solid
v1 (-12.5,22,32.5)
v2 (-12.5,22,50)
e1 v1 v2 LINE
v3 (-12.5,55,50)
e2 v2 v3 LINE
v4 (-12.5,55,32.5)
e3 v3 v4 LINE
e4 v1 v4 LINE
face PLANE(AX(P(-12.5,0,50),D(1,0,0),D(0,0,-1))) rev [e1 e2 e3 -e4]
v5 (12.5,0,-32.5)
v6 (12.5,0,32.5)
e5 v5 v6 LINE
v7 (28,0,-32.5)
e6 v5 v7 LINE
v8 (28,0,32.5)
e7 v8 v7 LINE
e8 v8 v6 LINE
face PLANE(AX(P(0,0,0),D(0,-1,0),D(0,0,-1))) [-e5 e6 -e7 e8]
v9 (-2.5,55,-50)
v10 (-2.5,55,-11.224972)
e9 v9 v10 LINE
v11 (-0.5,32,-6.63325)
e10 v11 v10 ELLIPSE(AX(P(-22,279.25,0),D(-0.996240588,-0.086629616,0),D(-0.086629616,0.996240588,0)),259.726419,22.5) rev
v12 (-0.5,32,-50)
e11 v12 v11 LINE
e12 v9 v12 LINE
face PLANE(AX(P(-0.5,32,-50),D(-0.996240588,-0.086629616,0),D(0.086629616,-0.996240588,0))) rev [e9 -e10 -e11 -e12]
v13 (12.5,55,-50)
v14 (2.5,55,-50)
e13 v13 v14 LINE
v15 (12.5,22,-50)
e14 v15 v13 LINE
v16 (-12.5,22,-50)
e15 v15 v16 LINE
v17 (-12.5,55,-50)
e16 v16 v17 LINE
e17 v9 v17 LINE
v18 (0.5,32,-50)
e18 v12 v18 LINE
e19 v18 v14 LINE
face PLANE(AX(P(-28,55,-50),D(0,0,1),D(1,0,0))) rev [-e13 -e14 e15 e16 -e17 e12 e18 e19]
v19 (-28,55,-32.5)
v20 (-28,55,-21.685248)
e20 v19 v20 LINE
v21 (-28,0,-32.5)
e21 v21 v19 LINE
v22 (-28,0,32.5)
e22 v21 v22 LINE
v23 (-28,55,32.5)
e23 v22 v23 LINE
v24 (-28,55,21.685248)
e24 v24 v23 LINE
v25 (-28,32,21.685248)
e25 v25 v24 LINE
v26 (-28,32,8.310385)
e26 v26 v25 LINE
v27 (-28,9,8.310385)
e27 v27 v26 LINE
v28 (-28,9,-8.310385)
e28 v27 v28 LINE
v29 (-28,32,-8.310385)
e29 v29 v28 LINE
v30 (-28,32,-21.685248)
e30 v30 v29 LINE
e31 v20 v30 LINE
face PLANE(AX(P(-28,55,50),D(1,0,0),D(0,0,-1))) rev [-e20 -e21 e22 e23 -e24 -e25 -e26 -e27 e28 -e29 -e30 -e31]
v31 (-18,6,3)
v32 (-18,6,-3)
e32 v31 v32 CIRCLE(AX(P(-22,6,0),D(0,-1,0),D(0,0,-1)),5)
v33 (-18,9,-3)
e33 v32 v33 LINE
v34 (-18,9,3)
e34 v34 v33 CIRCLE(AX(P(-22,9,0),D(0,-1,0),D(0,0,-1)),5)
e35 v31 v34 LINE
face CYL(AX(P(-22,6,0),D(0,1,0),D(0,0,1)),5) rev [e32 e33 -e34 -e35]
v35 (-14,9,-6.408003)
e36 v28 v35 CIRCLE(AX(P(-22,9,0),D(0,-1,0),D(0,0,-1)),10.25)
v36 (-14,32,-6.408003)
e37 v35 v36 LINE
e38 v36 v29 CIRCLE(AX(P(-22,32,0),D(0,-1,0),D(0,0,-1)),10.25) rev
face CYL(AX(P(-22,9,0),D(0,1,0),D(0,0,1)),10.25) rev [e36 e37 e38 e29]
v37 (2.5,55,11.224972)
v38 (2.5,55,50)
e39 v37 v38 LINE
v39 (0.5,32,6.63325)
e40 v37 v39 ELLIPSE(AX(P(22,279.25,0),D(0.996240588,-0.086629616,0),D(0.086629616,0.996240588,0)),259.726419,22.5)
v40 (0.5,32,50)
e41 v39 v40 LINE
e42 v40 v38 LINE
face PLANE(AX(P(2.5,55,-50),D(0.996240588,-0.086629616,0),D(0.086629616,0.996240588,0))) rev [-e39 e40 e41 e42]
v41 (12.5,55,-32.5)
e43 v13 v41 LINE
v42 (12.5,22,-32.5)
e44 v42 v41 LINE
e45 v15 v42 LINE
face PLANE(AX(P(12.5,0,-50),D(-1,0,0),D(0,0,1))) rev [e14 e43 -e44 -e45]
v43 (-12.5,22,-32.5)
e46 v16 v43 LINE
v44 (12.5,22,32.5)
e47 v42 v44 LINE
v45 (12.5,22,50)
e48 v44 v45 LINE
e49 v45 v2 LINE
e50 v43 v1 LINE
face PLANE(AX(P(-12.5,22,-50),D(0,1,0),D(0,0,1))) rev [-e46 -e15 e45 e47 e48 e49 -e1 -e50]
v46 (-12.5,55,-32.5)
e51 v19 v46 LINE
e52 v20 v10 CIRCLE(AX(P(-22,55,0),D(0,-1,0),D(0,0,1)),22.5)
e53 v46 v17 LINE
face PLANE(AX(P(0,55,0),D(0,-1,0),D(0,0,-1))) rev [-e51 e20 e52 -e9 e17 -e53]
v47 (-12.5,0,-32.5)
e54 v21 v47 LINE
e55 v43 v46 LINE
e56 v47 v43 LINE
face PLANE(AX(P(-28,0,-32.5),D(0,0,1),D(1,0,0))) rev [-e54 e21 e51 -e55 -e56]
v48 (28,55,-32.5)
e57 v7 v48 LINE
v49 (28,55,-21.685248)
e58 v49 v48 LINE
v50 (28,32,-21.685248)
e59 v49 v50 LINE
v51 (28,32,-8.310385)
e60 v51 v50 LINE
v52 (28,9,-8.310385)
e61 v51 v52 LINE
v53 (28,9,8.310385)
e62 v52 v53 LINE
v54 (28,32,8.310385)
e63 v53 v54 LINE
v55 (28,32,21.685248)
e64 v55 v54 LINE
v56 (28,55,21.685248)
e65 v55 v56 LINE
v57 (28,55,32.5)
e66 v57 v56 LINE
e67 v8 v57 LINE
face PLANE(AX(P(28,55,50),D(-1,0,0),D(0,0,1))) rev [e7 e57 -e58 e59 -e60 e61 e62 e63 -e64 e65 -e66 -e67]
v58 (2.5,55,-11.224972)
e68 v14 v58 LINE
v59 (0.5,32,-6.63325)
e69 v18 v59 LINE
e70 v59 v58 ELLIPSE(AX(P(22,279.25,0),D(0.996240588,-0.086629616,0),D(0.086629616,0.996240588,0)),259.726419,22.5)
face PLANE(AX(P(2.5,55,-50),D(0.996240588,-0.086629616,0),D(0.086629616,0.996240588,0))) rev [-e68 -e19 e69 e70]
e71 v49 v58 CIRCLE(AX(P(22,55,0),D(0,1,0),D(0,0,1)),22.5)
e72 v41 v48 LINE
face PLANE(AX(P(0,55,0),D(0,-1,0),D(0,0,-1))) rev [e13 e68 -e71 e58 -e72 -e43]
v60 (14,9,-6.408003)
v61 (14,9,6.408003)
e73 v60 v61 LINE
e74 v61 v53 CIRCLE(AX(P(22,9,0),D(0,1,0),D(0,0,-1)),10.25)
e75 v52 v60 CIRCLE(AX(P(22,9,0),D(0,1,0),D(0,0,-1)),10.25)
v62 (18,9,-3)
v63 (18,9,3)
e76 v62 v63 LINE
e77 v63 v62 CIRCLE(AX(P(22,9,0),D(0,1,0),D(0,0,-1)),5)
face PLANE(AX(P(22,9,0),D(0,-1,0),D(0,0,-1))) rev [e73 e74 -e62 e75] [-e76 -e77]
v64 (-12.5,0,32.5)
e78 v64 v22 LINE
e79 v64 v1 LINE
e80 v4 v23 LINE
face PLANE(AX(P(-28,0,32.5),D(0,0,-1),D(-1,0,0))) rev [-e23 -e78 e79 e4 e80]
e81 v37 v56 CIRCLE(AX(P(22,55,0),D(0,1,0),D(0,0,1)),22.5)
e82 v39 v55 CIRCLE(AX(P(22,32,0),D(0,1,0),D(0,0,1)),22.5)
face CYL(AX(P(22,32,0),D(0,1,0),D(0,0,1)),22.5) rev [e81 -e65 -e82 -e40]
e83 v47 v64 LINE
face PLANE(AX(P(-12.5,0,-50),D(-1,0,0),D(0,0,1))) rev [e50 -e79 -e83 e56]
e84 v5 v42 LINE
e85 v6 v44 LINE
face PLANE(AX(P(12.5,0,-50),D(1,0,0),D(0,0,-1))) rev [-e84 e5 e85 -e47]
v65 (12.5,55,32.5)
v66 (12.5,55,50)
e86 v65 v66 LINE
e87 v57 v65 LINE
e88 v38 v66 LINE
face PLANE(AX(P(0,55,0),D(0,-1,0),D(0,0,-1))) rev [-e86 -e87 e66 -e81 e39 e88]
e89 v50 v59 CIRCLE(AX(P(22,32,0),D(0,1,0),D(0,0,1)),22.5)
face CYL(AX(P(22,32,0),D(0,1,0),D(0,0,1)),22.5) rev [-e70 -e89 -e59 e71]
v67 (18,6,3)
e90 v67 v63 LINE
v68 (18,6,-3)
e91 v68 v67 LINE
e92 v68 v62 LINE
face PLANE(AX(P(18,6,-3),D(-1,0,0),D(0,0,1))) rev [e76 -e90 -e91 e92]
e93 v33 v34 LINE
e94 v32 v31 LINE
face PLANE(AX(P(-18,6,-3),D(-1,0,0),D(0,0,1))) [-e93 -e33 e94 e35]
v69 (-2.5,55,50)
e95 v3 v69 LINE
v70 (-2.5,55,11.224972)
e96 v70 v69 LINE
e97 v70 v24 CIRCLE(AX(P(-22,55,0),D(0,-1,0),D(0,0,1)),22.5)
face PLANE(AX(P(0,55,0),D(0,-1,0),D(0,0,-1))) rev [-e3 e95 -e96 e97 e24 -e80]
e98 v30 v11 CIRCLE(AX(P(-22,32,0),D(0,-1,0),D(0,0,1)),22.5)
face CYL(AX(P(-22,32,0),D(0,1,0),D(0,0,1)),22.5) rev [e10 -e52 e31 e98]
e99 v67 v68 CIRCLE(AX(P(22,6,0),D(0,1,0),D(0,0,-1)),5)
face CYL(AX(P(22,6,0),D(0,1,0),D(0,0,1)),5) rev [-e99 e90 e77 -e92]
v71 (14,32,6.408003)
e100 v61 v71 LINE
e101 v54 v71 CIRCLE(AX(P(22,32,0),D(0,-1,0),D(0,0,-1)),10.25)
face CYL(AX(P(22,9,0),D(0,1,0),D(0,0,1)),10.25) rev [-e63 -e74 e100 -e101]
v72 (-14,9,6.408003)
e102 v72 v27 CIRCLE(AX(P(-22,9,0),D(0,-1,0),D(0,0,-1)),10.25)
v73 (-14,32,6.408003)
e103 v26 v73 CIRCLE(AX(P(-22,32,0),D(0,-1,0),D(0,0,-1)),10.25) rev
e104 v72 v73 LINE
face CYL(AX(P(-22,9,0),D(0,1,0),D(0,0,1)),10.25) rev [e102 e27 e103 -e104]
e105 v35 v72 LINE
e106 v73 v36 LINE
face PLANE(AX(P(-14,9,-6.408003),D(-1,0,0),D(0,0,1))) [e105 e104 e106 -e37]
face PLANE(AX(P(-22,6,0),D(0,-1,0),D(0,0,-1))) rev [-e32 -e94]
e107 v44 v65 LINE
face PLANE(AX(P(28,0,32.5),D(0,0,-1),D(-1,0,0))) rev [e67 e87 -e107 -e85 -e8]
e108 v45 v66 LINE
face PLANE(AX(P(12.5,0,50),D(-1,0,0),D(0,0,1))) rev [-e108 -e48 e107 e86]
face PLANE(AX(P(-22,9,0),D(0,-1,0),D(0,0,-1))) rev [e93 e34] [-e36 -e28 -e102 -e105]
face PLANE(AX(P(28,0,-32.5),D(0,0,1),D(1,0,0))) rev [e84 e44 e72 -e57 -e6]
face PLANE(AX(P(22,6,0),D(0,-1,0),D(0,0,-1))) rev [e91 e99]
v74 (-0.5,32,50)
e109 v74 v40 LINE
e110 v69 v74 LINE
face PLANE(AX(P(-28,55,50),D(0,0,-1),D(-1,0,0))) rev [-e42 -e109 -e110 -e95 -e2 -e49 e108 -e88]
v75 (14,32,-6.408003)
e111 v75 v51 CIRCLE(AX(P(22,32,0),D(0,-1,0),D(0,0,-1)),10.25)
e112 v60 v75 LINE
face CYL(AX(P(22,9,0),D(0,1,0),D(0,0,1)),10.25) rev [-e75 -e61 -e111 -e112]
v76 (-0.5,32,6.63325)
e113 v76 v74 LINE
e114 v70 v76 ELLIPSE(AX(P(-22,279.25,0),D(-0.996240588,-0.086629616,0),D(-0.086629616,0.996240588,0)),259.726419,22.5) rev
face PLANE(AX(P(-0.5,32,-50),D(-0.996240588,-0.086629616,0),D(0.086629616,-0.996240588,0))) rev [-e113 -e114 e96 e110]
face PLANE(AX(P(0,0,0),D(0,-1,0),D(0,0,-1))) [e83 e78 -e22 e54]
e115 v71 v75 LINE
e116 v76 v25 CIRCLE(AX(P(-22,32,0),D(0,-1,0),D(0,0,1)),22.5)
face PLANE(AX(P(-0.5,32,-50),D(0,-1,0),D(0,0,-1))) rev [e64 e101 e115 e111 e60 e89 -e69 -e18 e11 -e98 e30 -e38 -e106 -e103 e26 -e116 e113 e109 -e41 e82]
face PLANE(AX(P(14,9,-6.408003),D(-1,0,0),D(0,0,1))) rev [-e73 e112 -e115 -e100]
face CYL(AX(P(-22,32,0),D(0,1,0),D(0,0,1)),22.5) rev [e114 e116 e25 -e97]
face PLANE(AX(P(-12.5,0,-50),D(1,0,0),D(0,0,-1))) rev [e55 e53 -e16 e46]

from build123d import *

# Parameters (mm, degrees)
SKETCH1_W           = 56
SKETCH1_H           = 100
BOSS_EXTRUDE1_DEPTH = 55
CUT_EXTRUDE2_DEPTH  = 118.511701545
SKETCH7_R           = 22.5
SKETCH7_R_2         = 10
CUT_EXTRUDE4_DEPTH  = 23
CUT_EXTRUDE5_DEPTH  = 46
CUT_EXTRUDE6_DEPTH  = 3
CUT_EXTRUDE7_DEPTH  = 23
SKETCH12_W          = 15.5
SKETCH12_H          = 17.5
CUT_EXTRUDE8_DEPTH  = 80.429213769
SKETCH13_W          = 25
SKETCH13_H          = 22
CUT_EXTRUDE9_DEPTH  = 118.511701545


with BuildPart() as part:
    # Sketch1 → Boss-Extrude1 (new body)
    with BuildSketch(Plane(origin=(0, 0, 0), x_dir=(1, 0, 0), z_dir=(0, 1, 0))):
        Rectangle(SKETCH1_W, SKETCH1_H)
    extrude(amount=BOSS_EXTRUDE1_DEPTH)

    # Sketch3 → Cut-Extrude2 (cut, through all)
    with BuildSketch(Plane.XY.offset(50)):
        Polygon((-0.5, 32), (-2.5, 55), (2.5, 55), (0.5, 32), align=None)
    extrude(amount=-CUT_EXTRUDE2_DEPTH, mode=Mode.SUBTRACT)

    # Sketch7 → Cut-Extrude4 (cut)
    with BuildSketch(Plane(origin=(0, 55, 0), x_dir=(1, 0, 0), z_dir=(0, 1, 0))):
        with Locations((22, 0)):
            Circle(SKETCH7_R)
        with Locations((22, 0)):
            Circle(SKETCH7_R_2, mode=Mode.SUBTRACT)
    cut_extrude4 = extrude(amount=-CUT_EXTRUDE4_DEPTH, mode=Mode.SUBTRACT)

    # Sketch9 → Cut-Extrude5 (cut)
    with BuildSketch(Plane(origin=(0, 55, 0), x_dir=(1, 0, 0), z_dir=(0, 1, 0))):
        with BuildLine():
            Line((14, 6.408002809), (14, -6.408002809))
            ThreePointArc((14, -6.408002809), (32.25, 0), (14, 6.408002809))
        make_face()
    cut_extrude5 = extrude(amount=-CUT_EXTRUDE5_DEPTH, mode=Mode.SUBTRACT)

    # Sketch10 → Cut-Extrude6 (cut)
    with BuildSketch(Plane(origin=(0, 9, 0), x_dir=(1, 0, 0), z_dir=(0, 1, 0))):
        with BuildLine():
            Line((18, 3), (18, -3))
            ThreePointArc((18, -3), (27, 0), (18, 3))
        make_face()
    cut_extrude6 = extrude(amount=-CUT_EXTRUDE6_DEPTH, mode=Mode.SUBTRACT)

    # Sketch11 → Cut-Extrude7 (cut)
    with BuildSketch(Plane(origin=(0, 55, 0), x_dir=(1, 0, 0), z_dir=(0, 1, 0))):
        with BuildLine():
            Line((14, 6.408002809), (14, -6.408002809))
            ThreePointArc((14, -6.408002809), (11.677076266, 0), (14, 6.408002809))
        make_face()
    cut_extrude7 = extrude(amount=-CUT_EXTRUDE7_DEPTH, mode=Mode.SUBTRACT)

    # Mirror1: Cut-Extrude4, Cut-Extrude5, Cut-Extrude6, Cut-Extrude7 across plane
    add(cut_extrude4.mirror(Plane(origin=(0, 0, 0), x_dir=(0, 0, 1), z_dir=(1, 0, 0))), mode=Mode.SUBTRACT)
    add(cut_extrude5.mirror(Plane(origin=(0, 0, 0), x_dir=(0, 0, 1), z_dir=(1, 0, 0))), mode=Mode.SUBTRACT)
    add(cut_extrude6.mirror(Plane(origin=(0, 0, 0), x_dir=(0, 0, 1), z_dir=(1, 0, 0))), mode=Mode.SUBTRACT)
    add(cut_extrude7.mirror(Plane(origin=(0, 0, 0), x_dir=(0, 0, 1), z_dir=(1, 0, 0))), mode=Mode.SUBTRACT)

    # Sketch12 → Cut-Extrude8 (cut, through all)
    with BuildSketch(Plane(origin=(0, 55, 0), x_dir=(1, 0, 0), z_dir=(0, 1, 0))):
        with Locations((-20.25, 41.25)):
            Rectangle(SKETCH12_W, SKETCH12_H)
        with Locations((20.25, 41.25)):
            Rectangle(SKETCH12_W, SKETCH12_H)
        with Locations((-20.25, -41.25)):
            Rectangle(SKETCH12_W, SKETCH12_H)
        with Locations((20.25, -41.25)):
            Rectangle(SKETCH12_W, SKETCH12_H)
    extrude(amount=-CUT_EXTRUDE8_DEPTH, mode=Mode.SUBTRACT)

    # Sketch13 → Cut-Extrude9 (cut, through all)
    with BuildSketch(Plane.XY.offset(50)):
        with Locations((0, 11)):
            Rectangle(SKETCH13_W, SKETCH13_H)
    extrude(amount=-CUT_EXTRUDE9_DEPTH, mode=Mode.SUBTRACT)


solid = part.part
